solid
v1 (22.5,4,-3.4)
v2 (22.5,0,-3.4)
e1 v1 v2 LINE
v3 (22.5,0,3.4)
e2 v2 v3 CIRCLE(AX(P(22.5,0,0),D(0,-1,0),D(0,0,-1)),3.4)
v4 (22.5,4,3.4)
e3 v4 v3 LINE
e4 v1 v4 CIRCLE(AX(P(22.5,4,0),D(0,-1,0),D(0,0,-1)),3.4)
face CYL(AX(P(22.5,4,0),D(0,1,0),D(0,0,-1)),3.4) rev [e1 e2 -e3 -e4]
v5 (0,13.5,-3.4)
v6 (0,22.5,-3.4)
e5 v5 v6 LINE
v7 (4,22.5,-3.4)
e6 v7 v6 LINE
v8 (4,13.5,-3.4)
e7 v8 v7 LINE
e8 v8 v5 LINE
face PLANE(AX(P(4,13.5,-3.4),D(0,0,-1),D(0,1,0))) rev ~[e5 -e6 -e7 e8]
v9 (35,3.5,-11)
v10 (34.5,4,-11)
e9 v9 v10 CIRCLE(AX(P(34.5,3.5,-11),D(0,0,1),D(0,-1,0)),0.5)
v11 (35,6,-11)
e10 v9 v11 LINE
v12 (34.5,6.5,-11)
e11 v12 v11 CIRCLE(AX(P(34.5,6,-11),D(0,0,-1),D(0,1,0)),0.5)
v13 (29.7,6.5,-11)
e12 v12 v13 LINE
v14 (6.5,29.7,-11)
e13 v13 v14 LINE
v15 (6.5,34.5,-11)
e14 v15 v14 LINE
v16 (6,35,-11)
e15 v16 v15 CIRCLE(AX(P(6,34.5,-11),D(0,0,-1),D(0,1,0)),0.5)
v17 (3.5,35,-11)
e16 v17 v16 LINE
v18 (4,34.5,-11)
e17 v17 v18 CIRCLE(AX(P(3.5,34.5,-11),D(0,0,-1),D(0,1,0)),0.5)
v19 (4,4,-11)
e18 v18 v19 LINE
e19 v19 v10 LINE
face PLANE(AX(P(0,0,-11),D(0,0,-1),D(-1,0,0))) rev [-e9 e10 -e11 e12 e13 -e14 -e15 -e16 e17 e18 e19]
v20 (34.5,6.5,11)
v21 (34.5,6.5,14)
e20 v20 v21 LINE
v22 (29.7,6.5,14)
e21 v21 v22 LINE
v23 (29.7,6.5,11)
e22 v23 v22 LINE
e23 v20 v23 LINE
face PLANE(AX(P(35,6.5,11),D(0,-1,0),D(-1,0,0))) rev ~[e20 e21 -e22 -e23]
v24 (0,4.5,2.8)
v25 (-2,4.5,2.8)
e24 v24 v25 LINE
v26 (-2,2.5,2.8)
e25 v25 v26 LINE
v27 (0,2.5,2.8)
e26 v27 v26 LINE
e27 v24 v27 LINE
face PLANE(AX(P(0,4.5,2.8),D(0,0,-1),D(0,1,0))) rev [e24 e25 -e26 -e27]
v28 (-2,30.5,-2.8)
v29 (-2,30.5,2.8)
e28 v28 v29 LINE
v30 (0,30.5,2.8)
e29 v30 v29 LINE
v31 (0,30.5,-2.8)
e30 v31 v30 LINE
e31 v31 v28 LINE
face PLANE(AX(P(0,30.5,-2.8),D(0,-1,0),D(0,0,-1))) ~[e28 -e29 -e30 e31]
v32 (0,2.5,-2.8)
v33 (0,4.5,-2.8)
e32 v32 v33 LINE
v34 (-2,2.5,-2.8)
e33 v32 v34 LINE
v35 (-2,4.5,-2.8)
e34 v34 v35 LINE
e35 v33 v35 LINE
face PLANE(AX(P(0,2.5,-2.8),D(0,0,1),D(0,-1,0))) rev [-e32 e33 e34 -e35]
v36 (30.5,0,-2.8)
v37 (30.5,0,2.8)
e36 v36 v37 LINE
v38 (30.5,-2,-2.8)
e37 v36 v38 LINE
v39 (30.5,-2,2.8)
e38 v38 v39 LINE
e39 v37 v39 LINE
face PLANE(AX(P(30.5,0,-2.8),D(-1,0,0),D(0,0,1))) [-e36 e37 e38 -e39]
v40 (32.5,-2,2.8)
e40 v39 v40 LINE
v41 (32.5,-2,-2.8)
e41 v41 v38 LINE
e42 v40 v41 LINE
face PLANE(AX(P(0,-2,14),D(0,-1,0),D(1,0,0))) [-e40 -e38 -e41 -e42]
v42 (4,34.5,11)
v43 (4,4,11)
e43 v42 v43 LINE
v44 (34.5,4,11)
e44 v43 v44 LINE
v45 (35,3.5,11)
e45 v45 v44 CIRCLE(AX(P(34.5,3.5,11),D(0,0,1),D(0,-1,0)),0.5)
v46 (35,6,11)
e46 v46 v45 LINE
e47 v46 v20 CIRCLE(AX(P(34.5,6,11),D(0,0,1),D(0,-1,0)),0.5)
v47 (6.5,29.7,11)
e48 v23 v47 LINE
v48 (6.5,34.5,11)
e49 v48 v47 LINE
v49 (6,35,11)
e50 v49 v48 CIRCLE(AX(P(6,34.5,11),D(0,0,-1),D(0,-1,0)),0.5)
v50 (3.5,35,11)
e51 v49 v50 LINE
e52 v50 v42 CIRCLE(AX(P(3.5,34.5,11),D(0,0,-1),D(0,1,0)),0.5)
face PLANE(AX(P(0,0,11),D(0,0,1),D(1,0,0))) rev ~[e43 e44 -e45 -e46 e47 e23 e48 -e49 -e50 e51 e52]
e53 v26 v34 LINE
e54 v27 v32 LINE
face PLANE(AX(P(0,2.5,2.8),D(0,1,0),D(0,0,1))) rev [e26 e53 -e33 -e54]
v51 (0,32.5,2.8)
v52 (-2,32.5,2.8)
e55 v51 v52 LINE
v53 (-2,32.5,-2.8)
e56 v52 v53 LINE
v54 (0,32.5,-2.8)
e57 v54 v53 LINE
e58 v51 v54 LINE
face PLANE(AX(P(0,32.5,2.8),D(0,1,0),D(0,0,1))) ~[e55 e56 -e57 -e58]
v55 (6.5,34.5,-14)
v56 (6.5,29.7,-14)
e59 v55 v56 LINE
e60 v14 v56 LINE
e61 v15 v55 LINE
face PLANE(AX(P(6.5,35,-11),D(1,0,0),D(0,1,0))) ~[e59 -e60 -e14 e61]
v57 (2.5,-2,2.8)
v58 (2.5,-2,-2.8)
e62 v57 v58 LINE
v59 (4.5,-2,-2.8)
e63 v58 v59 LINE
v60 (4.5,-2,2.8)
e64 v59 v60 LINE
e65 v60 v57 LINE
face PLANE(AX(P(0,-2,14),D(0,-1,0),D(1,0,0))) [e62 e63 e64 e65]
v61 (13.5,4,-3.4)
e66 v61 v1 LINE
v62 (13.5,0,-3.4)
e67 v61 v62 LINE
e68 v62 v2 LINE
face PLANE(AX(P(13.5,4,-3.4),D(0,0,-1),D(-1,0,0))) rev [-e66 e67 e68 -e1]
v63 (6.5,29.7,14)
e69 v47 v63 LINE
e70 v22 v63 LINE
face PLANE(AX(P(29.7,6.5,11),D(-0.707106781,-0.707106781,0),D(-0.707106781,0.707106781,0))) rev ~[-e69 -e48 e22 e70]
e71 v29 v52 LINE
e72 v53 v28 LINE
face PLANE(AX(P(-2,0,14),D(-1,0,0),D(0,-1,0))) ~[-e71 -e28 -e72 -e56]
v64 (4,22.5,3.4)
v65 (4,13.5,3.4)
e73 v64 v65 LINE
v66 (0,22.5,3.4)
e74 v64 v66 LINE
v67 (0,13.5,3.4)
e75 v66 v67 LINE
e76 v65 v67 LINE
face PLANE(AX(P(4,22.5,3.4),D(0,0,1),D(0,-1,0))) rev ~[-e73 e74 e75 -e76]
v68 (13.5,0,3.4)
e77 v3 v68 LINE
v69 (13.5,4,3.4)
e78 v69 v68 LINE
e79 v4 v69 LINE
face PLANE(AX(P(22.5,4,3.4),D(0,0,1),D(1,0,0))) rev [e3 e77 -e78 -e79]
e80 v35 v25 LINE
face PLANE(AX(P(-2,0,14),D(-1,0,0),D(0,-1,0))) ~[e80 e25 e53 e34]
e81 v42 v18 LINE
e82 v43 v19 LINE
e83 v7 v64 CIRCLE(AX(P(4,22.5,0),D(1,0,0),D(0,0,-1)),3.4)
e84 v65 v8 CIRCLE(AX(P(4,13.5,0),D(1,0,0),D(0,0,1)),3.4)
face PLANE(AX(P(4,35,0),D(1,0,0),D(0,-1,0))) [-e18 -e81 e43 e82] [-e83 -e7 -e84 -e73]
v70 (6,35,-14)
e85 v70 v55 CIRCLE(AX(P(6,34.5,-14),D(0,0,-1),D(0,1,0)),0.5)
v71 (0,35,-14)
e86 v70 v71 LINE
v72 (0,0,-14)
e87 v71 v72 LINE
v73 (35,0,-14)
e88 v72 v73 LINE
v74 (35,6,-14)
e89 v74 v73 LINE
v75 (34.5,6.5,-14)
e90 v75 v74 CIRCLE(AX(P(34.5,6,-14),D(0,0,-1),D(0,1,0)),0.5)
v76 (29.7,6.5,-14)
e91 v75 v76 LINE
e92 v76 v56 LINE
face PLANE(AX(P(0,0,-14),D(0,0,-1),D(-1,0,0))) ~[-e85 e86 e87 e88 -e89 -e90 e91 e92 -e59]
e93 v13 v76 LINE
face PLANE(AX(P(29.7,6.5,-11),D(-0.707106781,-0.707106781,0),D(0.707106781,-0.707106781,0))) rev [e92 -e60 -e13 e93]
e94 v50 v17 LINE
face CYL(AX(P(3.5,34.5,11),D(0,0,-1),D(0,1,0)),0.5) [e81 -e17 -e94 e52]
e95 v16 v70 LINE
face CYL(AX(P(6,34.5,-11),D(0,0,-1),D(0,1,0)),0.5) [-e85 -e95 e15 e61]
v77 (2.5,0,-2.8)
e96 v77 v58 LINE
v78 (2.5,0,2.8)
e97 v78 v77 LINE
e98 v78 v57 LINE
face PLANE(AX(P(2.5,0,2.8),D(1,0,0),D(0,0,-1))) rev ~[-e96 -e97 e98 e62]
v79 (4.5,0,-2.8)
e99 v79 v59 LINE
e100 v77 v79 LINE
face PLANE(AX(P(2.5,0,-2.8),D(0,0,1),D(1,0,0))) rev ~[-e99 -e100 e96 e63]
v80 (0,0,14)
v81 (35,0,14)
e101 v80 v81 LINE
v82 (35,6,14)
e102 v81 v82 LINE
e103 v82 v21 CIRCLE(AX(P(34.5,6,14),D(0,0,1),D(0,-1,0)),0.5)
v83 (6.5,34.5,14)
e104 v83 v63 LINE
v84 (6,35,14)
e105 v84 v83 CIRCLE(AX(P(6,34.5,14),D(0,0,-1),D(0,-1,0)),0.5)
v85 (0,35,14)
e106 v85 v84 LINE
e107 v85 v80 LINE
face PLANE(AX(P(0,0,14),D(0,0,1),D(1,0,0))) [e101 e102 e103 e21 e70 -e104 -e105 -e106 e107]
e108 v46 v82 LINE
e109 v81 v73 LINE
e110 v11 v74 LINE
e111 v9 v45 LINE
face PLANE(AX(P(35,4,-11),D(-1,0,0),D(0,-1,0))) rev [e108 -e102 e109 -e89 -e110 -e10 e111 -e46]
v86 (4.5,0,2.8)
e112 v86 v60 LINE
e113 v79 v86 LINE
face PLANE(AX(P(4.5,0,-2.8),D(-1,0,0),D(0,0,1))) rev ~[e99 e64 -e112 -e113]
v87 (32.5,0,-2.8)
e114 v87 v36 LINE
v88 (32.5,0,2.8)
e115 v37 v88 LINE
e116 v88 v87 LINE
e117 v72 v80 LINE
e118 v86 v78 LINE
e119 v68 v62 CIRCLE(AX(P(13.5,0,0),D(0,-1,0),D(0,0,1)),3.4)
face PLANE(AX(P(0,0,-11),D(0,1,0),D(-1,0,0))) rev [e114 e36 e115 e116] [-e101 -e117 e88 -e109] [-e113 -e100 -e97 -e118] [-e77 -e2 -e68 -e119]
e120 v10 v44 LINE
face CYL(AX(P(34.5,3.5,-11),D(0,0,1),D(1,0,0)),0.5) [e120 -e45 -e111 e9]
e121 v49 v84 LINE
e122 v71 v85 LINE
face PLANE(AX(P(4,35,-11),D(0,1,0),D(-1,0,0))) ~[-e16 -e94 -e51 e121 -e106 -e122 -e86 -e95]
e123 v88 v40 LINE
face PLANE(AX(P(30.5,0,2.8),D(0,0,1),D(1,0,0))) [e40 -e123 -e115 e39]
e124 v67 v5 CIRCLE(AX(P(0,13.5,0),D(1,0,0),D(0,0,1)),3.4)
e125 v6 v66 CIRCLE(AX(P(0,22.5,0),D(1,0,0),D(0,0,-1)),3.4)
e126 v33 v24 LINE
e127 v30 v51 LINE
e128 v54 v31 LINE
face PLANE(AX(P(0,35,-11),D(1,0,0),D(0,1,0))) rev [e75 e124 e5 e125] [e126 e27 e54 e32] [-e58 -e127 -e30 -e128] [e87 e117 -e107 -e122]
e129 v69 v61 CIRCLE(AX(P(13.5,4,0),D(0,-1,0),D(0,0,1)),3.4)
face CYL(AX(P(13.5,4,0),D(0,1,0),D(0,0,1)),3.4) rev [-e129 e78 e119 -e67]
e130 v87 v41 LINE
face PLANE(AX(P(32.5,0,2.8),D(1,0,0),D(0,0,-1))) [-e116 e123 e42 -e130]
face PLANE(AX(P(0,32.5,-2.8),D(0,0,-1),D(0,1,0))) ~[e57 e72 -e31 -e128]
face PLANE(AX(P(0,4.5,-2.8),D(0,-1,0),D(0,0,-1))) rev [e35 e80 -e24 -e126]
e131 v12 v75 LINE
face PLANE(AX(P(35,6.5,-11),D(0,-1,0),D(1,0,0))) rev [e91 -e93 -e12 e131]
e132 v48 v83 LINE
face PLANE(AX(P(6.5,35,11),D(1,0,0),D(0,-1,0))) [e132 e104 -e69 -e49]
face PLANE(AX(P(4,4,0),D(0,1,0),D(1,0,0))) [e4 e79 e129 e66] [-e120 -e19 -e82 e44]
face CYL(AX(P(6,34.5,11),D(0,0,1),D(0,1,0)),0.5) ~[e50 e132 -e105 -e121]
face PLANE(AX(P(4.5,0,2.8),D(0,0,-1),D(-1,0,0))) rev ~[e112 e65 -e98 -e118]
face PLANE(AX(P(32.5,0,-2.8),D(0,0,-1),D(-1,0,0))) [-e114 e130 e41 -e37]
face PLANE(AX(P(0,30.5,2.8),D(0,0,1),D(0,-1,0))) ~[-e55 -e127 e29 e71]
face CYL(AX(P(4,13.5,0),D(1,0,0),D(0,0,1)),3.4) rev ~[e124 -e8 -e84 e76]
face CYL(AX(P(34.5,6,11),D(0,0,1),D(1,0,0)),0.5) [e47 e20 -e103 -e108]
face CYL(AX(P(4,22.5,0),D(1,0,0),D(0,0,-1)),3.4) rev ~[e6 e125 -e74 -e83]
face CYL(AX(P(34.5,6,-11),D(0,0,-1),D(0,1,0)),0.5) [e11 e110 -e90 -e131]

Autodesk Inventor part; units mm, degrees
ref_plane "YZ Plane" through (0, 0, 0) normal (1, 0, 0) x (0, 1, 0)
sketch "Sketch1" plane through (0, 0, 0) normal (0, 0, 1) x (1, 0, 0)
  line L0 (0, 0) -> (0, 35)
  line L1 (0, 35) -> (4, 35)
  line L2 (4, 35) -> (4, 4)
  line L3 (4, 4) -> (35, 4)
  line L4 (35, 4) -> (35, 0)
  line L5 (35, 0) -> (0, 0)
  dimension "d8" = 35
  dimension "d10" = 4
  dimension "d11" = 4
  dimension "d12" = 35
extrude "Extrusion1" add sketch "Sketch1" along normal blind 11 and the other way blind 11
ref_plane "Work Plane1" through (0, 0, -11) normal (-0.7071, 0.7071, 0) x (0, 0, -1)
sketch "Sketch2" plane through (4, 4, -11) normal (1, 0, 0) x (0, 0, -1)
  line L0 (-11, 21.9) -> (-11, 6.1) construction
  line L1 (-14.4, 18.5) -> (-14.4, 9.5)
  line L2 (-7.6, 9.5) -> (-7.6, 18.5)
  arc A0 (-7.6, 18.5) -> (-14.4, 18.5) centre (-11, 18.5) ccw
  arc A1 (-14.4, 9.5) -> (-7.6, 9.5) centre (-11, 9.5) ccw
  line L3 (0, 0) -> (-22, 0) projected
  line L4 (-22, -4) -> (-11, -4) projected
  line L5 (-22, 0) -> (-22, 31) projected
  point P0 (-11, 14)
  dimension "d16" = 6.8
  dimension "d17" = 9
  dimension "d19" = 13.5
  dimension "d28" = 11
extrude "Extrusion2" cut sketch "Sketch2" against normal up to surface (4 mm away)
mirror "Mirror1" about plane through (0, 0, -11) normal (-0.7071, 0.7071, 0) of "Extrusion2"
sketch "Sketch3" plane through (0, 0, 11) normal (0, 0, 1) x (1, 0, 0)
  line L0 (4, 35) -> (0, 35) projected
  line L1 (0, 35) -> (6.5, 35)
  line L2 (6.5, 35) -> (6.5, 29.7)
  line L3 (35, 0) -> (35, 4) projected
  line L4 (35, 0) -> (35, 6.5)
  line L5 (35, 6.5) -> (29.7, 6.5)
  line L6 (29.7, 6.5) -> (6.5, 29.7)
  line L7 (0, 35) -> (0, 0) projected
  line L8 (0, 35) -> (0, 0)
  line L9 (0, 0) -> (35, 0)
  dimension "d22" = 6.5
  dimension "d23" = 5.3
  dimension "d24" = 6.5
  dimension "d25" = 5.3
ref_plane "Work Plane2" through (0, 0, 0) normal (0, 0, 1) x (1, 0, 0)
extrude "Extrusion3" add sketch "Sketch3" along normal blind 3
mirror "Mirror2" about plane through (0, 0, 0) normal (0, 0, 1) of "Extrusion3"
fillet "Fillet1" radius 0.5 6 edges at (35, 6.5, 12.5) (35, 6.5, -12.5) (6.5, 35, -12.5) (6.5, 35, 12.5) (35, 4, 0) (4, 35, 0)
sketch "Sketch4" plane through (0, 0, 14) normal (0, -1, 0) x (1, 0, 0)
  line L0 (35, -3) -> (35, -25) projected
  line L1 (35, -14) -> (0, -14) construction
  line L2 (4.5, -11.2) -> (2.5, -11.2)
  line L3 (2.5, -11.2) -> (2.5, -16.8)
  line L4 (2.5, -16.8) -> (4.5, -16.8)
  line L5 (4.5, -16.8) -> (4.5, -11.2)
  line L6 (4.5, -11.2) -> (2.5, -16.8) construction
  line L7 (2.5, -11.2) -> (4.5, -16.8) construction
  line L8 (0, -28) -> (0, 0) projected
  line L9 (30.5, -11.2) -> (32.5, -11.2)
  line L10 (32.5, -11.2) -> (32.5, -16.8)
  line L11 (32.5, -16.8) -> (30.5, -16.8)
  line L12 (30.5, -16.8) -> (30.5, -11.2)
  line L13 (30.5, -11.2) -> (32.5, -16.8) construction
  line L14 (32.5, -11.2) -> (30.5, -16.8) construction
  point P0 (3.5, -14)
  point P1 (31.5, -14)
  dimension "d34" = 2
  dimension "d35" = 5.6
  dimension "d36" = 2.5
  dimension "d37" = 5.6
  dimension "d38" = 2
  dimension "d39" = 2.5
extrude "Extrusion4" add sketch "Sketch4" along normal blind 2
mirror "Mirror3" about plane through (0, 0, -11) normal (-0.7071, 0.7071, 0) of "Extrusion4"
properties part number "L Angle Bracket 30x30 31082023"
